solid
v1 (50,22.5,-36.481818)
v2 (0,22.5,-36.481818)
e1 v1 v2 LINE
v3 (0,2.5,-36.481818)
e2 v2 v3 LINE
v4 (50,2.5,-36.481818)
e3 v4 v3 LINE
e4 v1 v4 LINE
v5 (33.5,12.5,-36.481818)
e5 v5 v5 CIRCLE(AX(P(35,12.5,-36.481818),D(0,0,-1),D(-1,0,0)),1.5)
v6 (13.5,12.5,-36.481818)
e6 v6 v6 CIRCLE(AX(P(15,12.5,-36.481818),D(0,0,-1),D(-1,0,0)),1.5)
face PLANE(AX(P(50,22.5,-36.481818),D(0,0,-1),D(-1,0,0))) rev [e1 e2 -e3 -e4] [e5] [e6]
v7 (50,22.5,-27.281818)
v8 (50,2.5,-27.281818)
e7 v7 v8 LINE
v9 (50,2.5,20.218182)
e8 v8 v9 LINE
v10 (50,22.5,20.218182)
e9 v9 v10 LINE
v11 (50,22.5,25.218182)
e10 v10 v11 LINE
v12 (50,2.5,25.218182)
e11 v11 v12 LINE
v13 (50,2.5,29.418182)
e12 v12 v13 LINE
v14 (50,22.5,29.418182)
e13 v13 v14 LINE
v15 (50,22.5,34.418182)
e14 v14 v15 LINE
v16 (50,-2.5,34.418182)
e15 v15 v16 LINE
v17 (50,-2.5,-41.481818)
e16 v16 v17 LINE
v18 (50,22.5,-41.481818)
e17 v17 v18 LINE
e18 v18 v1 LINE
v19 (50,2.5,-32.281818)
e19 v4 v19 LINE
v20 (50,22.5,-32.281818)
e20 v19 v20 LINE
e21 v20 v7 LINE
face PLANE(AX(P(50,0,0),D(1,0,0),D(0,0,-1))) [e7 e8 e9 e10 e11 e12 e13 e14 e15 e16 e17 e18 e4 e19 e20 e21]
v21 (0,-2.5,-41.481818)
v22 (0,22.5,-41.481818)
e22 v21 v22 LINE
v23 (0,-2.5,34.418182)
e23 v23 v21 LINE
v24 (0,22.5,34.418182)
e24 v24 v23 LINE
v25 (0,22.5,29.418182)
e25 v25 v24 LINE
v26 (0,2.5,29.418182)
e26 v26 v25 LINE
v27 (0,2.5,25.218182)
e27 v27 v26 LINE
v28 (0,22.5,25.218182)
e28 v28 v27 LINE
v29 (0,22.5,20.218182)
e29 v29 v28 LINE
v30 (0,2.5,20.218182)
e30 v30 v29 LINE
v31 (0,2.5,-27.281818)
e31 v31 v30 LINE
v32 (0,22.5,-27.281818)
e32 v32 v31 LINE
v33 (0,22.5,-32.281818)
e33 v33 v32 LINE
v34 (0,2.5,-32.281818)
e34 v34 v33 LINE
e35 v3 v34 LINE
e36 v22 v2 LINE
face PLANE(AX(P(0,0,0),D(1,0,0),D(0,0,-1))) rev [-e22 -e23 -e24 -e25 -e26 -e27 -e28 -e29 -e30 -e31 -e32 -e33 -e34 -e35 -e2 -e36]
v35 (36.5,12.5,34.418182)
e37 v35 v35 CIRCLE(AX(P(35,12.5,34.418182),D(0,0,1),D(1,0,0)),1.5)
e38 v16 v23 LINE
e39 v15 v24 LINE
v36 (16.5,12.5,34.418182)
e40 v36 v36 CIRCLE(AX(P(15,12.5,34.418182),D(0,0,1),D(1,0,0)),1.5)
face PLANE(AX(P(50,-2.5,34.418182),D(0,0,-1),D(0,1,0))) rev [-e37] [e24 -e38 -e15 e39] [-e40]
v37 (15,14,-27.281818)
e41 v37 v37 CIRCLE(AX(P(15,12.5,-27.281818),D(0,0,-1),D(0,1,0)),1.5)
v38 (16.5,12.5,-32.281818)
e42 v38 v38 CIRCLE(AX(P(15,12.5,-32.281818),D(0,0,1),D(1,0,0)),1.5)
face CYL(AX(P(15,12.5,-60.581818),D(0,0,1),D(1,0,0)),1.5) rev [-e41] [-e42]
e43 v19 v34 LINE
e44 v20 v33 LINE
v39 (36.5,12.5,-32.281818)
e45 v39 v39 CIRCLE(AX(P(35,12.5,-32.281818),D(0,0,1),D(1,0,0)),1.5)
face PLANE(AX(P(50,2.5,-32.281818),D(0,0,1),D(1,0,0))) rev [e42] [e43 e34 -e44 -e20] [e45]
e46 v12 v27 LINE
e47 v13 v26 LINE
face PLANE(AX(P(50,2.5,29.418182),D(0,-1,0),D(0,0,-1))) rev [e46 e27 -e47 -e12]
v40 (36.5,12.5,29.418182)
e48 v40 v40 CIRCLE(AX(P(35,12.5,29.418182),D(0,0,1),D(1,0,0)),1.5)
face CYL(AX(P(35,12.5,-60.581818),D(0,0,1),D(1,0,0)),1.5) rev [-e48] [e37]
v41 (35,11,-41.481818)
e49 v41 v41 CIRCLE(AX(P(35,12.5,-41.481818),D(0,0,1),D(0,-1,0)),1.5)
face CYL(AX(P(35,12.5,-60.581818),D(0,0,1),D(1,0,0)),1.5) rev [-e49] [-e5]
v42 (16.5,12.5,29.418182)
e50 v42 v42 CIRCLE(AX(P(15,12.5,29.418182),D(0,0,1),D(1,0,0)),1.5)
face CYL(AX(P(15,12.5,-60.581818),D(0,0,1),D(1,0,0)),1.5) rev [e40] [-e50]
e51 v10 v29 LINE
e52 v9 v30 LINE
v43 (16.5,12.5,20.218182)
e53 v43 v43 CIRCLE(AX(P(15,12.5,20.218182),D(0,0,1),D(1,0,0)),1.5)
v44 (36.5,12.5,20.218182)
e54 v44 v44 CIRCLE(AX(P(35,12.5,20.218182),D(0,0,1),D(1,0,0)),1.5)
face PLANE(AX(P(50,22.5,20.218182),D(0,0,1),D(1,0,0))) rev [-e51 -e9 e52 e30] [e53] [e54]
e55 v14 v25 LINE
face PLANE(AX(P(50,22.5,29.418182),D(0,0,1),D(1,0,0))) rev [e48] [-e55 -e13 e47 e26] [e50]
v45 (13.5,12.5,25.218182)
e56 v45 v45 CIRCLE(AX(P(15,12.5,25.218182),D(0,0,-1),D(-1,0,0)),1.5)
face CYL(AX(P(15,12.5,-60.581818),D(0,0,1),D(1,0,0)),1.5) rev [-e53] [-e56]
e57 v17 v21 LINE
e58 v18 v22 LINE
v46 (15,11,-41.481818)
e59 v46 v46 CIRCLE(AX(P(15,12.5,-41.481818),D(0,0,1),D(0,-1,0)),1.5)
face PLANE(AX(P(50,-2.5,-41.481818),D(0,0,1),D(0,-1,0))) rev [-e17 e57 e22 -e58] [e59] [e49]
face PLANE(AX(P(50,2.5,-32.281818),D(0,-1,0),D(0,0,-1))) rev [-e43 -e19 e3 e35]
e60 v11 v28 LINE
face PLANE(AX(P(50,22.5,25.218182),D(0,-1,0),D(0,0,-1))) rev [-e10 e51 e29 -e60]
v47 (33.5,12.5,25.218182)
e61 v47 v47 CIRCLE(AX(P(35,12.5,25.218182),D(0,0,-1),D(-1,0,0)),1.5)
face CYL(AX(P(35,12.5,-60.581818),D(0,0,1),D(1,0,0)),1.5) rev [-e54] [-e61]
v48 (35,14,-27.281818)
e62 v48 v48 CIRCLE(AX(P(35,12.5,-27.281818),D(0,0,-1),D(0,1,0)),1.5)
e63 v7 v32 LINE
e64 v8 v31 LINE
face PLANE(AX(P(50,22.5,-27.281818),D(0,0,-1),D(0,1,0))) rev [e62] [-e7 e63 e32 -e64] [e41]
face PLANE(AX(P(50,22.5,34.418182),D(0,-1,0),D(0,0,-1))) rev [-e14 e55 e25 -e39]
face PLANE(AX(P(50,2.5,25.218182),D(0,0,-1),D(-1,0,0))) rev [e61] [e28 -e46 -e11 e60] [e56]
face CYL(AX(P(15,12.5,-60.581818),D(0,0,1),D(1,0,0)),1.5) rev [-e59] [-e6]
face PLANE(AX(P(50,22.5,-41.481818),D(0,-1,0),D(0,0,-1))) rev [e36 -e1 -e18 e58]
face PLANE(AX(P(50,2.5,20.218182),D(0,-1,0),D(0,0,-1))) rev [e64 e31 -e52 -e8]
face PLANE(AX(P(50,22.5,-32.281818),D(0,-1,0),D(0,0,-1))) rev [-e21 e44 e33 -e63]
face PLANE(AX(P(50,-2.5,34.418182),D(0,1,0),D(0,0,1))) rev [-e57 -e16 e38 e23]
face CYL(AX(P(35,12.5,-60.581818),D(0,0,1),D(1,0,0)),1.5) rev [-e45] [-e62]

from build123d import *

# Parameters (mm, degrees)
SALIENTE_EXTRUIR2_DEPTH = 50
CROQUIS4_R              = 1.5
CORTAR_EXTRUIR2_DEPTH   = 95


with BuildPart() as part:
    # Croquis2 → Saliente-Extruir2 (new body)
    with BuildSketch(Plane(origin=(0, 0, 0), x_dir=(0, 0, -1), z_dir=(1, 0, 0))):
        Polygon((-34.418181818, 2.5), (-34.418181818, 22.5), (-29.418181818, 22.5), (-29.418181818, 2.5), (-25.218181818, 2.5), (-25.218181818, 22.5), (-20.218181818, 22.5), (-20.218181818, 2.5), (27.281818182, 2.5), (27.281818182, 22.5), (32.281818182, 22.5), (32.281818182, 2.5), (36.481818182, 2.5), (36.481818182, 22.5), (41.481818182, 22.5), (41.481818182, 2.5), (41.481818182, -2.5), (-34.418181818, -2.5), align=None)
    extrude(amount=SALIENTE_EXTRUIR2_DEPTH)

    # Croquis4 → Cortar-Extruir2 (cut)
    with BuildSketch(Plane.XY.offset(34.418181818)):
        with Locations(Location((15, 12.5, 0), (0, 0, 270))):
            Circle(CROQUIS4_R)
        with Locations(Location((35, 12.5, 0), (0, 0, 270))):
            Circle(CROQUIS4_R)
    extrude(amount=-CORTAR_EXTRUIR2_DEPTH, mode=Mode.SUBTRACT)


solid = part.part
